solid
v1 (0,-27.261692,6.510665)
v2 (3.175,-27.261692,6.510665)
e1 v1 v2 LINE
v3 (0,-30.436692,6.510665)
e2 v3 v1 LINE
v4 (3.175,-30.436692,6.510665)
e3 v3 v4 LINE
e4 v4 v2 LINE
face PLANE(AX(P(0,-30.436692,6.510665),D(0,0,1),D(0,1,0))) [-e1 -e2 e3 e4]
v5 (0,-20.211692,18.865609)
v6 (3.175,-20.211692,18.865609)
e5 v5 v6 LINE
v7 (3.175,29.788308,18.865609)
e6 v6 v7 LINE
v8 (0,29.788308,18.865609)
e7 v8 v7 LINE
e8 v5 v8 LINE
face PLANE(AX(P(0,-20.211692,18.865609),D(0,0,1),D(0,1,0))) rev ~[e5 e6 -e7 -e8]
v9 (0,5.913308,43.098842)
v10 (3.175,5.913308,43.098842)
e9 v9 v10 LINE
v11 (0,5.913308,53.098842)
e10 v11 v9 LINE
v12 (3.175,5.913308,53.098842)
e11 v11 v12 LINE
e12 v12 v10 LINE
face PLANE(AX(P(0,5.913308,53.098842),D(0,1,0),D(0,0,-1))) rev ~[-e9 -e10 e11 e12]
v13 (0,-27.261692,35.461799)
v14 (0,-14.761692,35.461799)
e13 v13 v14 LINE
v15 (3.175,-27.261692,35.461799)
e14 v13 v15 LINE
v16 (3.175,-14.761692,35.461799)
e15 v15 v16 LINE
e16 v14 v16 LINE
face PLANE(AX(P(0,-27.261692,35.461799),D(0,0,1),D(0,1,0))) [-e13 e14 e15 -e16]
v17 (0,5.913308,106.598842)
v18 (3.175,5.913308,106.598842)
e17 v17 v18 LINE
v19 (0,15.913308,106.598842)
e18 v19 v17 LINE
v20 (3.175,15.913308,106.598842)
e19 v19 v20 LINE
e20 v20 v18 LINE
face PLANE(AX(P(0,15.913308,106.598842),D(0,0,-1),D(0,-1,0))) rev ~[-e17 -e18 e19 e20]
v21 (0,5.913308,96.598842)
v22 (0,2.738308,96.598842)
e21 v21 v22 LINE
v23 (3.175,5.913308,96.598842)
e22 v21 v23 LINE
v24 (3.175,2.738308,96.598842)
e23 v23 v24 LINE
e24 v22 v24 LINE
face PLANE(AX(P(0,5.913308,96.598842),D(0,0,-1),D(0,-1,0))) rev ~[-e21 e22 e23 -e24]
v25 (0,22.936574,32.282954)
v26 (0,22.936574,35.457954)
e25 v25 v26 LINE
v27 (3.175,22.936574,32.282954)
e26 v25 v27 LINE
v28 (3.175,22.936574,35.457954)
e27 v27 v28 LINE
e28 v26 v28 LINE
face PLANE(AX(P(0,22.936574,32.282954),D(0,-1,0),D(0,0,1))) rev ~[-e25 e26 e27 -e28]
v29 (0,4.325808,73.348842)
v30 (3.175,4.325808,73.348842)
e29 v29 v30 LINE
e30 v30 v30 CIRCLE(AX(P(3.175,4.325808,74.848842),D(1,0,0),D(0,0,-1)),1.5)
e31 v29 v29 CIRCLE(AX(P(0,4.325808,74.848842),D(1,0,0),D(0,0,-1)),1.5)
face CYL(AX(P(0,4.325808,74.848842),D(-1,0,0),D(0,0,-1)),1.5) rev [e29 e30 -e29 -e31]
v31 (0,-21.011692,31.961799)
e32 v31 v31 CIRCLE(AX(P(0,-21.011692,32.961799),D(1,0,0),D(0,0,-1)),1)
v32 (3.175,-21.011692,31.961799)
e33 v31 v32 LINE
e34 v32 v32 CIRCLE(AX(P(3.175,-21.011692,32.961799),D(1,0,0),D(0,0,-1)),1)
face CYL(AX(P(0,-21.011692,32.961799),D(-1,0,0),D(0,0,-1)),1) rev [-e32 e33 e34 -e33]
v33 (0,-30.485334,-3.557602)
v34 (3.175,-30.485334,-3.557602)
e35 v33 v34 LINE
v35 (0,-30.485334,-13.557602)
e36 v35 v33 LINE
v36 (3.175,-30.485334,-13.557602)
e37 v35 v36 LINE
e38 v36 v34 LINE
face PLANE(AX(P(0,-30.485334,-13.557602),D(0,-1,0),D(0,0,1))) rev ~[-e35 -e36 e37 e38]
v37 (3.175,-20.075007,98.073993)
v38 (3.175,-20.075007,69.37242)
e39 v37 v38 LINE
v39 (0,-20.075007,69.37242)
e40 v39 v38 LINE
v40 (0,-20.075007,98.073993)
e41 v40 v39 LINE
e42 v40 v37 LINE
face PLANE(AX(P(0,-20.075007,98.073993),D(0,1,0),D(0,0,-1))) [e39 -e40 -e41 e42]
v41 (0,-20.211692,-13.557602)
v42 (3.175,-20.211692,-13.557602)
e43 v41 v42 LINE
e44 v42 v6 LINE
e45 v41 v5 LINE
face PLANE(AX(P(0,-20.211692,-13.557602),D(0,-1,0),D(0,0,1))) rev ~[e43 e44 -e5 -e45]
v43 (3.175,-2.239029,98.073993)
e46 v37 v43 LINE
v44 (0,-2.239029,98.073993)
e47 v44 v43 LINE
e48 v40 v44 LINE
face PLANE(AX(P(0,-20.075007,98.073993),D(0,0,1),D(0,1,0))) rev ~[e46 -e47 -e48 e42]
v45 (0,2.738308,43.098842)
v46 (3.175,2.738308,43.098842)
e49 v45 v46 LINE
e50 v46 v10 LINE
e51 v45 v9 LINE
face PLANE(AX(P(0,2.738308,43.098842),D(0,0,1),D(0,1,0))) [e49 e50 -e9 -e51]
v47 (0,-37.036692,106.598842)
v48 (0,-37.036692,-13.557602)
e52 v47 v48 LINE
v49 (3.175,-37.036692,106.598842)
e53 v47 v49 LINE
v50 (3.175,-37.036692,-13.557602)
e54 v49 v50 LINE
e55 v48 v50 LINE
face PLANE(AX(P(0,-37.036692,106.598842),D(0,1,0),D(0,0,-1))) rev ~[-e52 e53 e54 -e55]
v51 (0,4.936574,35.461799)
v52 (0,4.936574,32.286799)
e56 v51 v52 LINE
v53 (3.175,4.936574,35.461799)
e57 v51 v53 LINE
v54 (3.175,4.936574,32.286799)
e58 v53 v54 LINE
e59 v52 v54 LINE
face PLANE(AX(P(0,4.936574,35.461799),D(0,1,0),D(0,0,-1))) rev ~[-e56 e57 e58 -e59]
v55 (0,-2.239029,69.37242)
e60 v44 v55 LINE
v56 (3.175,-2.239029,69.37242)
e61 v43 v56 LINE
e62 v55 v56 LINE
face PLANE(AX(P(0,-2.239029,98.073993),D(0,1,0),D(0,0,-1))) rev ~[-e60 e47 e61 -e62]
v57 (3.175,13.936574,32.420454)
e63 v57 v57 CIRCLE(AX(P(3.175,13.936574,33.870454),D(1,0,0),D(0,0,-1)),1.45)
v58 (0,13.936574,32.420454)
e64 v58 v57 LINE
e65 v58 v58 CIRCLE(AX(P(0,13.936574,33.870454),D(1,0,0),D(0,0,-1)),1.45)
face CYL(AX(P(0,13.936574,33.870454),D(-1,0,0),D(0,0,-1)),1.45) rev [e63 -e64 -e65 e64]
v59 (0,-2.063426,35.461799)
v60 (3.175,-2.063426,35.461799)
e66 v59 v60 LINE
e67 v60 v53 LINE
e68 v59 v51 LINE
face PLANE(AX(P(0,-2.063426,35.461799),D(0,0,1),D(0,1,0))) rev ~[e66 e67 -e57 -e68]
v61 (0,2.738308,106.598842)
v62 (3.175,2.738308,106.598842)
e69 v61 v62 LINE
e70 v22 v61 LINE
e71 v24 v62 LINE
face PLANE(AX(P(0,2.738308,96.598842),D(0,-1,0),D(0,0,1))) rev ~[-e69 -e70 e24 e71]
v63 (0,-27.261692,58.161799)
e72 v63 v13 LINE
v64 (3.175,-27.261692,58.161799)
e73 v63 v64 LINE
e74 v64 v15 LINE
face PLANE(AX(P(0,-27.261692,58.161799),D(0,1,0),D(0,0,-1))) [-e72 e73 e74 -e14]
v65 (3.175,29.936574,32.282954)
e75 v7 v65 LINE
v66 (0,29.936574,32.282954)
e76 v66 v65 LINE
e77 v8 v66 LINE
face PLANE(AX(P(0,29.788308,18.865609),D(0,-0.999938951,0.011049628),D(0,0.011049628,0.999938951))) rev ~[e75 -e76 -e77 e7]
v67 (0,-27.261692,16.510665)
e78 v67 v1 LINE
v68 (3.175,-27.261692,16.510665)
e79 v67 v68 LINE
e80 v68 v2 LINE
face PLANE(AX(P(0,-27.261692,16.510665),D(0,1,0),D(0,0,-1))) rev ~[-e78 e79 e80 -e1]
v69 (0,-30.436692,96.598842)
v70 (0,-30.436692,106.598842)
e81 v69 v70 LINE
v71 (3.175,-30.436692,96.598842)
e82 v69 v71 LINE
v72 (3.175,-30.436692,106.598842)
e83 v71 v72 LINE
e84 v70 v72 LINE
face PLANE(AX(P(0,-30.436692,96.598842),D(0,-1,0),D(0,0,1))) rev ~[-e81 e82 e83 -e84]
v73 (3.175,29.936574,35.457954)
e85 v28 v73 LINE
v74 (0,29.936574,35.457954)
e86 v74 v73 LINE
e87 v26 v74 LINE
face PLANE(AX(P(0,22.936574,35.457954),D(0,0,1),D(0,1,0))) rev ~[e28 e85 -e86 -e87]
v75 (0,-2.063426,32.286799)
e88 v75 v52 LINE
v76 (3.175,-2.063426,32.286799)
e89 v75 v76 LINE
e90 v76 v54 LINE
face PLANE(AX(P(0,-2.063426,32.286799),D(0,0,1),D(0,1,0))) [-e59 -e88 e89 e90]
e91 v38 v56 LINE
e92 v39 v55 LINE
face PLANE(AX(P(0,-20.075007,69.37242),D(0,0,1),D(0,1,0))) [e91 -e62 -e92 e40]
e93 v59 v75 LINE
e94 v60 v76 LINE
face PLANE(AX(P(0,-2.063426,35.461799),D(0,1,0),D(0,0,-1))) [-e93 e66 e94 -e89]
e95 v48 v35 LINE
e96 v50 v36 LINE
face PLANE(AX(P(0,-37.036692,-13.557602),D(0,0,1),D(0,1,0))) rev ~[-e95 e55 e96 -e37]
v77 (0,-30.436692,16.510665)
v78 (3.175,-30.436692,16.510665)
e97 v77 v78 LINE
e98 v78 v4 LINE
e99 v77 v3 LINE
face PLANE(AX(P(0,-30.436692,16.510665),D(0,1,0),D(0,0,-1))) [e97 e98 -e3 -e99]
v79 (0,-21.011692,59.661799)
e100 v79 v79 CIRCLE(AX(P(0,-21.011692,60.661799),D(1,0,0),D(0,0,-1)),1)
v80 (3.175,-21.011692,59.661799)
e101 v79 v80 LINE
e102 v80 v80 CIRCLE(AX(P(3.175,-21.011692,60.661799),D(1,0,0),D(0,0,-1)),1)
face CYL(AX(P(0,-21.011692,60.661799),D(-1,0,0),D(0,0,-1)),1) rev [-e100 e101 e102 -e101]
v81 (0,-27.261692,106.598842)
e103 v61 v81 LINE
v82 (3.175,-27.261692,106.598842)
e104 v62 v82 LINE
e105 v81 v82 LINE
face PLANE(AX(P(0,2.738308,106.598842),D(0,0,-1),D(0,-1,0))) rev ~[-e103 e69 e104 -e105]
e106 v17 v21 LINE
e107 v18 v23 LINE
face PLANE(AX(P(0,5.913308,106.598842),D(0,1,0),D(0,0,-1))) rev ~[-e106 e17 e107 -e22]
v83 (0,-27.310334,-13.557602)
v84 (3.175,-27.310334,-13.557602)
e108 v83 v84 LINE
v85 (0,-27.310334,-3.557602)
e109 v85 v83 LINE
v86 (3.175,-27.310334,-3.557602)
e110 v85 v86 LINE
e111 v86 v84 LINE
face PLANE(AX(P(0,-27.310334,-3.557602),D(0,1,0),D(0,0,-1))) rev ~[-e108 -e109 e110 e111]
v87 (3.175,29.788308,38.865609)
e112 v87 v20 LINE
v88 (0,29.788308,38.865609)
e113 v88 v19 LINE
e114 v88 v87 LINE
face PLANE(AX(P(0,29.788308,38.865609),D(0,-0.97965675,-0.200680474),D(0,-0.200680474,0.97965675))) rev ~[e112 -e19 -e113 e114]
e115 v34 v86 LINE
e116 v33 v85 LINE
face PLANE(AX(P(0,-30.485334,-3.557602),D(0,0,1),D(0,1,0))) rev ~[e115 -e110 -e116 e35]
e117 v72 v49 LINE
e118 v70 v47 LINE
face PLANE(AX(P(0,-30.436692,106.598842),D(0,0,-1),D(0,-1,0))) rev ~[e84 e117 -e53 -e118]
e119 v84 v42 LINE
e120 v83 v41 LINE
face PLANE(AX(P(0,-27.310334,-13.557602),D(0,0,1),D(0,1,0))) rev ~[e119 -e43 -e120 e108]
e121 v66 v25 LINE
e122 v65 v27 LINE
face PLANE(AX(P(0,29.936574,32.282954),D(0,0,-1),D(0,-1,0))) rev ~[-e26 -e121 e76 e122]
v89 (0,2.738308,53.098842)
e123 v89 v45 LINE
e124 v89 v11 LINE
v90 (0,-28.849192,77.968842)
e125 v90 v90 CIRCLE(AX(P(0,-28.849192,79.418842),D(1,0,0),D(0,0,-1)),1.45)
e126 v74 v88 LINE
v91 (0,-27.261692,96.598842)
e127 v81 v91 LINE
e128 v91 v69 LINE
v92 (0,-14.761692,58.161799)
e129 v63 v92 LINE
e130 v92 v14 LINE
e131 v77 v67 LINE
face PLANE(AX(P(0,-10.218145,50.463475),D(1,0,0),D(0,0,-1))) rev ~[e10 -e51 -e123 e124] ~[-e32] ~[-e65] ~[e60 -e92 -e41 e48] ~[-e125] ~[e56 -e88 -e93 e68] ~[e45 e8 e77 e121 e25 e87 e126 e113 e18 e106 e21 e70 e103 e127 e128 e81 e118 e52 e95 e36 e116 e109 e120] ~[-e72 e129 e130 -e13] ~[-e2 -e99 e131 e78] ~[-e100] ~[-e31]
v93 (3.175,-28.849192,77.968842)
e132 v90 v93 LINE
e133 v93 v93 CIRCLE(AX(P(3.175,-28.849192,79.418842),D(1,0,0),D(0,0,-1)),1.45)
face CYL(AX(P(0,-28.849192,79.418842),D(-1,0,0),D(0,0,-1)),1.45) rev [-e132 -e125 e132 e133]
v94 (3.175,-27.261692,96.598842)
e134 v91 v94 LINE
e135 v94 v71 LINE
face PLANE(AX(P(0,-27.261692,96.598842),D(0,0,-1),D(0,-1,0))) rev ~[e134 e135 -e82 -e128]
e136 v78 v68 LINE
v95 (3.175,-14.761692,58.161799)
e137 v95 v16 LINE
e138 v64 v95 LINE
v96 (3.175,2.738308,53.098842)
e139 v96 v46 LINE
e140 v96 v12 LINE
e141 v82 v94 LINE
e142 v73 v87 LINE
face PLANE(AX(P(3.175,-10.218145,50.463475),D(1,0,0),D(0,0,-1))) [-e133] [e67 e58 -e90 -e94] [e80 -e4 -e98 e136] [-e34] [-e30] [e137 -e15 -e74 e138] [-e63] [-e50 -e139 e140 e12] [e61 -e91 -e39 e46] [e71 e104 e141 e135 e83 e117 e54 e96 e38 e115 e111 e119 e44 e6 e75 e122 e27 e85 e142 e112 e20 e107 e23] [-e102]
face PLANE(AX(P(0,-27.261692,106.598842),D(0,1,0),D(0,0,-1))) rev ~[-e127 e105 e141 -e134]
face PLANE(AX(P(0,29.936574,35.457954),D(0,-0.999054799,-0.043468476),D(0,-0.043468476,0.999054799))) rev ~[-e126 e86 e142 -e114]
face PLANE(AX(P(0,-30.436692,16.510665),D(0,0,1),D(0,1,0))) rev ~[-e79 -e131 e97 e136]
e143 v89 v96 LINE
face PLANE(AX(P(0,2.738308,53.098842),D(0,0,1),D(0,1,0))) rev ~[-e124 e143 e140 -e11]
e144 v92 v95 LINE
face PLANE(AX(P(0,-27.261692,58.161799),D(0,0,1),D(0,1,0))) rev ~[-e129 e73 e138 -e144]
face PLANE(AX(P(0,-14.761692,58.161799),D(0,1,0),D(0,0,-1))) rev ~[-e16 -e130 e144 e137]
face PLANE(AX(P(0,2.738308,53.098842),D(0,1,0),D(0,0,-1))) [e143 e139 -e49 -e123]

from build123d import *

# Parameters (mm, degrees)
SKETCH1_R      = 1.45
SKETCH1_R_2    = 1
SKETCH1_R_3    = 1.5
SKETCH1_W      = 22.7
SKETCH1_H      = 12.5
SKETCH1_W_2    = 10
SKETCH1_H_2    = 3.175
SKETCH1_W_3    = 3.175
SKETCH1_H_3    = 7
SKETCH1_W_4    = 28.701572838
SKETCH1_H_4    = 17.835977406
EXTRUDE1_DEPTH = 3.175


with BuildPart() as part:
    # Sketch1 → Extrude1 (new body)
    with BuildSketch(Plane(origin=(0, 0, 0), x_dir=(0, 0, -1), z_dir=(1, 0, 0))):
        Polygon((-106.598842421, -37.036692127), (13.557602199, -37.036692127), (13.557602199, -30.485333973), (3.557602199, -30.485333973), (3.557602199, -27.310333973), (13.557602199, -27.310333973), (13.557602199, -20.211692127), (-18.865609087, -20.211692127), (-18.865609087, 29.788307873), (-32.282953974, 29.936573589), (-32.282953974, 22.936573589), (-35.457953974, 22.936573589), (-35.457953974, 29.936573589), (-38.865609087, 29.788307873), (-106.598842421, 15.913307873), (-106.598842421, 5.913307873), (-96.598842421, 5.913307873), (-96.598842421, 2.738307873), (-106.598842421, 2.738307873), (-106.598842421, -27.261692127), (-96.598842421, -27.261692127), (-96.598842421, -30.436692127), (-106.598842421, -30.436692127), align=None)
        with Locations((-79.418842421, -28.849192127)):
            Circle(SKETCH1_R, mode=Mode.SUBTRACT)
        with Locations((-60.661798953, -21.011692127)):
            Circle(SKETCH1_R_2, mode=Mode.SUBTRACT)
        with Locations((-32.961798953, -21.011692127)):
            Circle(SKETCH1_R_2, mode=Mode.SUBTRACT)
        with Locations((-33.870453974, 13.93657382)):
            Circle(SKETCH1_R, mode=Mode.SUBTRACT)
        with Locations((-74.848842421, 4.325807873)):
            Circle(SKETCH1_R_3, mode=Mode.SUBTRACT)
        with Locations((-46.811798953, -21.011692127)):
            Rectangle(SKETCH1_W, SKETCH1_H, mode=Mode.SUBTRACT)
        with Locations((-11.510665381, -28.849192127)):
            Rectangle(SKETCH1_W_2, SKETCH1_H_2, mode=Mode.SUBTRACT)
        with Locations((-48.098842421, 4.325807873)):
            Rectangle(SKETCH1_W_2, SKETCH1_H_2, mode=Mode.SUBTRACT)
        with Locations((-33.874298953, 1.43657382)):
            Rectangle(SKETCH1_W_3, SKETCH1_H_3, mode=Mode.SUBTRACT)
        with Locations((-83.72320649, -11.157017929)):
            Rectangle(SKETCH1_W_4, SKETCH1_H_4, mode=Mode.SUBTRACT)
    extrude(amount=EXTRUDE1_DEPTH)


solid = part.part
